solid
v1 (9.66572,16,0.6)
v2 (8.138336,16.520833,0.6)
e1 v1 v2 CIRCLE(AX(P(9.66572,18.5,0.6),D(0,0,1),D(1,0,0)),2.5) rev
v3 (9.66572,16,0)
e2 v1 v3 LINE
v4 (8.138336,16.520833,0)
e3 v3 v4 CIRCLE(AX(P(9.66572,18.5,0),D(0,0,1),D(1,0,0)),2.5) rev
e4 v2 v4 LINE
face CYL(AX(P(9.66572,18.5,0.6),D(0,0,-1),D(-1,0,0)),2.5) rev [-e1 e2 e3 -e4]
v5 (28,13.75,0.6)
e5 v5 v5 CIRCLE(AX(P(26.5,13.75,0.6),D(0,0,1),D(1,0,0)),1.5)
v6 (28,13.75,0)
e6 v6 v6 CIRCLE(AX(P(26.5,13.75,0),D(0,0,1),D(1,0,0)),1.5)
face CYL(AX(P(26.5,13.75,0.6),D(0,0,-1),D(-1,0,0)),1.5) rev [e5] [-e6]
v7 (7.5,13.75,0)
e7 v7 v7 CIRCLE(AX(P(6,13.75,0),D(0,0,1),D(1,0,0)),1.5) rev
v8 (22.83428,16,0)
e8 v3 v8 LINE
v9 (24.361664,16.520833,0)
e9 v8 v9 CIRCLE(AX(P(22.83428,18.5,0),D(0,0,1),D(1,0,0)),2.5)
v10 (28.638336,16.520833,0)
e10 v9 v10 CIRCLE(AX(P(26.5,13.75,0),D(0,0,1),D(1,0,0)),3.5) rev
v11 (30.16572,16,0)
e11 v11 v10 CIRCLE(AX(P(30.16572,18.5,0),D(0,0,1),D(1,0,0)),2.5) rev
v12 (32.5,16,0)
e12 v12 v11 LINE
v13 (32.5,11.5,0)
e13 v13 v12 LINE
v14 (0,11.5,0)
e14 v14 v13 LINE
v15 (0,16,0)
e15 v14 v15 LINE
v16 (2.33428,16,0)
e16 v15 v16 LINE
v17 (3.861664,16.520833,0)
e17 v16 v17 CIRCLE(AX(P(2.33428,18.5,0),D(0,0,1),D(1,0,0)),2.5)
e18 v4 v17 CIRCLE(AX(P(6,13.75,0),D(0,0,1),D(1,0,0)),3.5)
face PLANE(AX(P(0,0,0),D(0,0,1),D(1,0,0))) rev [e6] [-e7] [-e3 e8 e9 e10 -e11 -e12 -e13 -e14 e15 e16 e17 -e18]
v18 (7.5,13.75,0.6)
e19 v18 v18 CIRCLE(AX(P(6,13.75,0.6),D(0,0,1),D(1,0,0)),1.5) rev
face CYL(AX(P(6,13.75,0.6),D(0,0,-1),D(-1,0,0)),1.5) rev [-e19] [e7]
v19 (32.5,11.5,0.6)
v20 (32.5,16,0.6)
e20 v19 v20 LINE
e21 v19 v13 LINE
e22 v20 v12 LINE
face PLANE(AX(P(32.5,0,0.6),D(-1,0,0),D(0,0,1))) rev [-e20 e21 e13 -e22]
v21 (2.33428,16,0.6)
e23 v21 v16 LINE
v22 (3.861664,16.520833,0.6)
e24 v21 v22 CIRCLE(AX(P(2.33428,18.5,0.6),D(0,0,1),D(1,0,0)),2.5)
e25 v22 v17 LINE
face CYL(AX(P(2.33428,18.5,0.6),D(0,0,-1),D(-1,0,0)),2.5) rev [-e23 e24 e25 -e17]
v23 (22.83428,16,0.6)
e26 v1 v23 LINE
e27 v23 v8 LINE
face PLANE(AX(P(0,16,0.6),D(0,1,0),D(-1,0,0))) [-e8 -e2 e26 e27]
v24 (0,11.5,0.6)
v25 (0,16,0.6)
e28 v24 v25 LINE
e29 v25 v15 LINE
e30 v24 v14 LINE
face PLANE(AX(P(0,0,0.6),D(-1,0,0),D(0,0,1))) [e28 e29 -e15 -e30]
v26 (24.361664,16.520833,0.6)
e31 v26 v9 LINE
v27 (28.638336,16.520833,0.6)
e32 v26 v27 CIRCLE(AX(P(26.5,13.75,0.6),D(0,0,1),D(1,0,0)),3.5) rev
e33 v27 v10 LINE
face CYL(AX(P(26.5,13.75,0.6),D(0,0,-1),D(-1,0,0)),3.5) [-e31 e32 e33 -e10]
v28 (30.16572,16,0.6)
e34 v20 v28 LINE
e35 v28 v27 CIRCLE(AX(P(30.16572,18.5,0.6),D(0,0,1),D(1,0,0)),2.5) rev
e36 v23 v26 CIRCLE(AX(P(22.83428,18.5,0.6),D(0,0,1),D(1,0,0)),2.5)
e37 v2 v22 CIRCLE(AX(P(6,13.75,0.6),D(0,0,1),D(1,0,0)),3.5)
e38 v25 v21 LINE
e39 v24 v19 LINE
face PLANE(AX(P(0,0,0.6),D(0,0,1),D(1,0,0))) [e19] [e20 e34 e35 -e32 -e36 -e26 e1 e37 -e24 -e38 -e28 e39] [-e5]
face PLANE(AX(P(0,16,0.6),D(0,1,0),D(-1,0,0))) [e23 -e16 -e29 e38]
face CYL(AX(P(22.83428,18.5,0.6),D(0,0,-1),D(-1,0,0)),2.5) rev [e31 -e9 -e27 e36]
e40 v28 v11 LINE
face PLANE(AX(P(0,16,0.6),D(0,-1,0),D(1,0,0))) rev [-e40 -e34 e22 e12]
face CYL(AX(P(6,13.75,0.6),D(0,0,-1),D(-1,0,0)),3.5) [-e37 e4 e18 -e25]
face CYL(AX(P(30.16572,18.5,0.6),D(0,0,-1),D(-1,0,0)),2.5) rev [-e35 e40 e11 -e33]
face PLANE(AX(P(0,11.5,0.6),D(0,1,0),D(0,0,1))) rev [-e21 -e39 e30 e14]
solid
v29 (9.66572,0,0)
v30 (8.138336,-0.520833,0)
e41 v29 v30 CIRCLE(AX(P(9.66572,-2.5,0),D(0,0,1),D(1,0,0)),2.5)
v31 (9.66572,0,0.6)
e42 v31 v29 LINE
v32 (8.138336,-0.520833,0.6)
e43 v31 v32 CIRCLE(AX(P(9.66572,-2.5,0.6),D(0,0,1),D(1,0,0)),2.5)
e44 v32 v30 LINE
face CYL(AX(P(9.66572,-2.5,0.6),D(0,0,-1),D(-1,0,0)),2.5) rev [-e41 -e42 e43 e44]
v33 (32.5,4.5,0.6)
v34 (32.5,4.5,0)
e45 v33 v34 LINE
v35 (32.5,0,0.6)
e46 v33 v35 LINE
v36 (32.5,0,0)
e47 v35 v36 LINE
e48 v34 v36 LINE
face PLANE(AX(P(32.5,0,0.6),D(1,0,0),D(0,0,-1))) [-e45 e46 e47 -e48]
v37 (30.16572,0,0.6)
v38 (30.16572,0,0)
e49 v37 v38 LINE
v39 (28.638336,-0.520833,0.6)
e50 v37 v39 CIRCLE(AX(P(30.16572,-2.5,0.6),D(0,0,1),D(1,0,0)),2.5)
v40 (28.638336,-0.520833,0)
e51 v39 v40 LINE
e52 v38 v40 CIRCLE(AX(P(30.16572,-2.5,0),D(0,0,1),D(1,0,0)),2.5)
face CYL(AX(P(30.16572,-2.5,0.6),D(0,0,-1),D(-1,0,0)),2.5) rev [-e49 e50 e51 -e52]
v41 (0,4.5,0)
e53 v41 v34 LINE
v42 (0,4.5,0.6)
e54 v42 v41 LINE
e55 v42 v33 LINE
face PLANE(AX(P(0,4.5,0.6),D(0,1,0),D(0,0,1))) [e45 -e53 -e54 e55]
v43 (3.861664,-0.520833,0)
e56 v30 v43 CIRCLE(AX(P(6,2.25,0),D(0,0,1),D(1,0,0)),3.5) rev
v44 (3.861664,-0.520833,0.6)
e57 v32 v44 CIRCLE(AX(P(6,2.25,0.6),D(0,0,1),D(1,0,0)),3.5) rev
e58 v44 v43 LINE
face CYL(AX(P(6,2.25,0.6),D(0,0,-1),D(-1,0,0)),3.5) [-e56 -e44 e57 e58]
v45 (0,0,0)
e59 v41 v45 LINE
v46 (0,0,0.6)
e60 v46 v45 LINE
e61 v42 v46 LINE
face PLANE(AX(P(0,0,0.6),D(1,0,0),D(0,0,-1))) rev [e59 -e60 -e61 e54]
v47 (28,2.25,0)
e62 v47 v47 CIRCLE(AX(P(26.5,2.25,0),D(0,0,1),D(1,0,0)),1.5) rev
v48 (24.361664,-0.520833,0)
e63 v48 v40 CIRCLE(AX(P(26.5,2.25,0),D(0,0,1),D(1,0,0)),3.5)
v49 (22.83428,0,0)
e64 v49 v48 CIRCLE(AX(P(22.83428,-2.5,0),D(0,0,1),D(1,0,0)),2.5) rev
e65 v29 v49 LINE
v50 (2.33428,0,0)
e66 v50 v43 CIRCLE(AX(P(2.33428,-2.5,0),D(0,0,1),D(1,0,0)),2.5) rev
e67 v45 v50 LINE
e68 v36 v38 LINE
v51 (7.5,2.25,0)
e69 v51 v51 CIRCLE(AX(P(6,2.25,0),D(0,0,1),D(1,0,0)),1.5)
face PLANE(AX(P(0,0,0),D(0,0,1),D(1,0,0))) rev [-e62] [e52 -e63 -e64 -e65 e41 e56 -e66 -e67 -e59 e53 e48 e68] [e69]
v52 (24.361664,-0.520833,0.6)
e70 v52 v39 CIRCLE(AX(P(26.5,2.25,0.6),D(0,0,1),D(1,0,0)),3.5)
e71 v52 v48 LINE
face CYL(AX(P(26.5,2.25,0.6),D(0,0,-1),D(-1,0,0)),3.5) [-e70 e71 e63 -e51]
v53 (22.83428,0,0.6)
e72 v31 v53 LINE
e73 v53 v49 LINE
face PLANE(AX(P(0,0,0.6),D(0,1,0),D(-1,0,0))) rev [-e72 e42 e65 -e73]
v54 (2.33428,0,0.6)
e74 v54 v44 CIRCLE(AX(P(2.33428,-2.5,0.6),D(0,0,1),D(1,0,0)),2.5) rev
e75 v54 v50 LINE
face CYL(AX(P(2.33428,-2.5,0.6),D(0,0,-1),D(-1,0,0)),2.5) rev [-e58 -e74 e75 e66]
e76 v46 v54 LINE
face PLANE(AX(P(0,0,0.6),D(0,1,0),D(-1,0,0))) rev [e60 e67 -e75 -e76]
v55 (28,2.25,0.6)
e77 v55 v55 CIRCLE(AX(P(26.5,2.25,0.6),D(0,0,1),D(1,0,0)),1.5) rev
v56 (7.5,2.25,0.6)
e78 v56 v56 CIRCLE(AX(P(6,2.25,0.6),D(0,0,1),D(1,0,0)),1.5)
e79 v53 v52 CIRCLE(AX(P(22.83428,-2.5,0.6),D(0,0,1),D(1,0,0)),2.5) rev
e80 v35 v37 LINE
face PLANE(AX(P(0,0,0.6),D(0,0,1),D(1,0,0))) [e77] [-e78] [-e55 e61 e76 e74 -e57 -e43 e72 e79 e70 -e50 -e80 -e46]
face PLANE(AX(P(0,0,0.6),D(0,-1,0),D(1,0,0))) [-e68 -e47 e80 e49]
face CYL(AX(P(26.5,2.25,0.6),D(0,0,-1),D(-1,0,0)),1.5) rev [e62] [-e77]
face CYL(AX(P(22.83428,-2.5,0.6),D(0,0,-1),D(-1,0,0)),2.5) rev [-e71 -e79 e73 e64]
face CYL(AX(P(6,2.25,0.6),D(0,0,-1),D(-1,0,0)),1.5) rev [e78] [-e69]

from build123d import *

# Parameters (mm, degrees)
SKETCH1_R           = 1.5
BOSS_EXTRUDE1_DEPTH = 0.6


with BuildPart() as part:
    # Sketch1 → Boss-Extrude1 (new body)
    with BuildSketch(Plane(origin=(0, 14.6, 0), x_dir=(1, 0, 0), z_dir=(0, 0, 1))):
        with BuildLine():
            Line((0, 1.4), (0, -3.1))
            Line((0, -3.1), (16.250000005, -3.1))
            Line((16.250000005, -3.1), (16.250000005, 1.4))
            Line((16.250000005, 1.4), (9.665719575, 1.4))
            ThreePointArc((9.665719575, 1.4), (9.256775524, 1.433673833), (8.858848044, 1.533788189))
            ThreePointArc((8.858848044, 1.533788189), (8.48265693, 1.697646082), (8.138336419, 1.920833333))
            ThreePointArc((8.138336419, 1.920833333), (6.502278947, 2.613771912), (4.736783251, 2.414089987))
            ThreePointArc((4.736783251, 2.414089987), (4.28143475, 2.199021725), (3.861663581, 1.920833333))
            ThreePointArc((3.861663581, 1.920833333), (3.174687447, 1.545490277), (2.405308582, 1.401009204))
            ThreePointArc((2.405308582, 1.401009204), (2.369798088, 1.400252314), (2.334280425, 1.4))
            Line((2.334280425, 1.4), (0, 1.4))
        make_face()
        with Locations((6, -0.85)):
            Circle(SKETCH1_R, mode=Mode.SUBTRACT)
        with BuildLine():
            Line((16.250000005, -10.1), (0, -10.1))
            Line((0, -10.1), (0, -14.6))
            Line((0, -14.6), (2.334280425, -14.6))
            ThreePointArc((2.334280425, -14.6), (2.369798088, -14.600252314), (2.405308582, -14.601009204))
            ThreePointArc((2.405308582, -14.601009204), (3.174687447, -14.745490277), (3.861663581, -15.120833333))
            ThreePointArc((3.861663581, -15.120833333), (4.28143475, -15.399021725), (4.736783251, -15.614089987))
            ThreePointArc((4.736783251, -15.614089987), (6.502278947, -15.813771912), (8.138336419, -15.120833333))
            ThreePointArc((8.138336419, -15.120833333), (8.48265693, -14.897646082), (8.858848044, -14.733788189))
            ThreePointArc((8.858848044, -14.733788189), (9.256775524, -14.633673833), (9.665719575, -14.6))
            Line((9.665719575, -14.6), (16.250000005, -14.6))
            Line((16.250000005, -14.6), (16.250000005, -10.1))
        make_face()
        with Locations((6, -12.35)):
            Circle(SKETCH1_R, mode=Mode.SUBTRACT)
        with BuildLine():
            Line((16.250000005, 1.4), (16.250000005, -3.1))
            Line((16.250000005, -3.1), (32.500000009, -3.1))
            Line((32.500000009, -3.1), (32.500000009, 1.4))
            Line((32.500000009, 1.4), (30.165719584, 1.4))
            ThreePointArc((30.165719584, 1.4), (30.130201921, 1.400252314), (30.094691427, 1.401009204))
            ThreePointArc((30.094691427, 1.401009204), (29.325312562, 1.545490277), (28.638336428, 1.920833333))
            ThreePointArc((28.638336428, 1.920833333), (28.21856526, 2.199021725), (27.763216759, 2.414089987))
            ThreePointArc((27.763216759, 2.414089987), (25.997721062, 2.613771912), (24.361663591, 1.920833333))
            ThreePointArc((24.361663591, 1.920833333), (24.017343079, 1.697646082), (23.641151965, 1.533788189))
            ThreePointArc((23.641151965, 1.533788189), (23.243224485, 1.433673833), (22.834280435, 1.4))
            Line((22.834280435, 1.4), (16.250000005, 1.4))
        make_face()
        with Locations((26.500000009, -0.85)):
            Circle(SKETCH1_R, mode=Mode.SUBTRACT)
        with BuildLine():
            Line((32.500000009, -10.1), (16.250000005, -10.1))
            Line((16.250000005, -10.1), (16.250000005, -14.6))
            Line((16.250000005, -14.6), (22.834280435, -14.6))
            ThreePointArc((22.834280435, -14.6), (23.243224485, -14.633673833), (23.641151965, -14.733788189))
            ThreePointArc((23.641151965, -14.733788189), (24.017343079, -14.897646082), (24.361663591, -15.120833333))
            ThreePointArc((24.361663591, -15.120833333), (25.997721062, -15.813771912), (27.763216759, -15.614089987))
            ThreePointArc((27.763216759, -15.614089987), (28.21856526, -15.399021725), (28.638336428, -15.120833333))
            ThreePointArc((28.638336428, -15.120833333), (29.325312562, -14.745490277), (30.094691427, -14.601009204))
            ThreePointArc((30.094691427, -14.601009204), (30.130201921, -14.600252314), (30.165719584, -14.6))
            Line((30.165719584, -14.6), (32.500000009, -14.6))
            Line((32.500000009, -14.6), (32.500000009, -10.1))
        make_face()
        with Locations((26.500000009, -12.35)):
            Circle(SKETCH1_R, mode=Mode.SUBTRACT)
    extrude(amount=BOSS_EXTRUDE1_DEPTH)


solid = part.part
